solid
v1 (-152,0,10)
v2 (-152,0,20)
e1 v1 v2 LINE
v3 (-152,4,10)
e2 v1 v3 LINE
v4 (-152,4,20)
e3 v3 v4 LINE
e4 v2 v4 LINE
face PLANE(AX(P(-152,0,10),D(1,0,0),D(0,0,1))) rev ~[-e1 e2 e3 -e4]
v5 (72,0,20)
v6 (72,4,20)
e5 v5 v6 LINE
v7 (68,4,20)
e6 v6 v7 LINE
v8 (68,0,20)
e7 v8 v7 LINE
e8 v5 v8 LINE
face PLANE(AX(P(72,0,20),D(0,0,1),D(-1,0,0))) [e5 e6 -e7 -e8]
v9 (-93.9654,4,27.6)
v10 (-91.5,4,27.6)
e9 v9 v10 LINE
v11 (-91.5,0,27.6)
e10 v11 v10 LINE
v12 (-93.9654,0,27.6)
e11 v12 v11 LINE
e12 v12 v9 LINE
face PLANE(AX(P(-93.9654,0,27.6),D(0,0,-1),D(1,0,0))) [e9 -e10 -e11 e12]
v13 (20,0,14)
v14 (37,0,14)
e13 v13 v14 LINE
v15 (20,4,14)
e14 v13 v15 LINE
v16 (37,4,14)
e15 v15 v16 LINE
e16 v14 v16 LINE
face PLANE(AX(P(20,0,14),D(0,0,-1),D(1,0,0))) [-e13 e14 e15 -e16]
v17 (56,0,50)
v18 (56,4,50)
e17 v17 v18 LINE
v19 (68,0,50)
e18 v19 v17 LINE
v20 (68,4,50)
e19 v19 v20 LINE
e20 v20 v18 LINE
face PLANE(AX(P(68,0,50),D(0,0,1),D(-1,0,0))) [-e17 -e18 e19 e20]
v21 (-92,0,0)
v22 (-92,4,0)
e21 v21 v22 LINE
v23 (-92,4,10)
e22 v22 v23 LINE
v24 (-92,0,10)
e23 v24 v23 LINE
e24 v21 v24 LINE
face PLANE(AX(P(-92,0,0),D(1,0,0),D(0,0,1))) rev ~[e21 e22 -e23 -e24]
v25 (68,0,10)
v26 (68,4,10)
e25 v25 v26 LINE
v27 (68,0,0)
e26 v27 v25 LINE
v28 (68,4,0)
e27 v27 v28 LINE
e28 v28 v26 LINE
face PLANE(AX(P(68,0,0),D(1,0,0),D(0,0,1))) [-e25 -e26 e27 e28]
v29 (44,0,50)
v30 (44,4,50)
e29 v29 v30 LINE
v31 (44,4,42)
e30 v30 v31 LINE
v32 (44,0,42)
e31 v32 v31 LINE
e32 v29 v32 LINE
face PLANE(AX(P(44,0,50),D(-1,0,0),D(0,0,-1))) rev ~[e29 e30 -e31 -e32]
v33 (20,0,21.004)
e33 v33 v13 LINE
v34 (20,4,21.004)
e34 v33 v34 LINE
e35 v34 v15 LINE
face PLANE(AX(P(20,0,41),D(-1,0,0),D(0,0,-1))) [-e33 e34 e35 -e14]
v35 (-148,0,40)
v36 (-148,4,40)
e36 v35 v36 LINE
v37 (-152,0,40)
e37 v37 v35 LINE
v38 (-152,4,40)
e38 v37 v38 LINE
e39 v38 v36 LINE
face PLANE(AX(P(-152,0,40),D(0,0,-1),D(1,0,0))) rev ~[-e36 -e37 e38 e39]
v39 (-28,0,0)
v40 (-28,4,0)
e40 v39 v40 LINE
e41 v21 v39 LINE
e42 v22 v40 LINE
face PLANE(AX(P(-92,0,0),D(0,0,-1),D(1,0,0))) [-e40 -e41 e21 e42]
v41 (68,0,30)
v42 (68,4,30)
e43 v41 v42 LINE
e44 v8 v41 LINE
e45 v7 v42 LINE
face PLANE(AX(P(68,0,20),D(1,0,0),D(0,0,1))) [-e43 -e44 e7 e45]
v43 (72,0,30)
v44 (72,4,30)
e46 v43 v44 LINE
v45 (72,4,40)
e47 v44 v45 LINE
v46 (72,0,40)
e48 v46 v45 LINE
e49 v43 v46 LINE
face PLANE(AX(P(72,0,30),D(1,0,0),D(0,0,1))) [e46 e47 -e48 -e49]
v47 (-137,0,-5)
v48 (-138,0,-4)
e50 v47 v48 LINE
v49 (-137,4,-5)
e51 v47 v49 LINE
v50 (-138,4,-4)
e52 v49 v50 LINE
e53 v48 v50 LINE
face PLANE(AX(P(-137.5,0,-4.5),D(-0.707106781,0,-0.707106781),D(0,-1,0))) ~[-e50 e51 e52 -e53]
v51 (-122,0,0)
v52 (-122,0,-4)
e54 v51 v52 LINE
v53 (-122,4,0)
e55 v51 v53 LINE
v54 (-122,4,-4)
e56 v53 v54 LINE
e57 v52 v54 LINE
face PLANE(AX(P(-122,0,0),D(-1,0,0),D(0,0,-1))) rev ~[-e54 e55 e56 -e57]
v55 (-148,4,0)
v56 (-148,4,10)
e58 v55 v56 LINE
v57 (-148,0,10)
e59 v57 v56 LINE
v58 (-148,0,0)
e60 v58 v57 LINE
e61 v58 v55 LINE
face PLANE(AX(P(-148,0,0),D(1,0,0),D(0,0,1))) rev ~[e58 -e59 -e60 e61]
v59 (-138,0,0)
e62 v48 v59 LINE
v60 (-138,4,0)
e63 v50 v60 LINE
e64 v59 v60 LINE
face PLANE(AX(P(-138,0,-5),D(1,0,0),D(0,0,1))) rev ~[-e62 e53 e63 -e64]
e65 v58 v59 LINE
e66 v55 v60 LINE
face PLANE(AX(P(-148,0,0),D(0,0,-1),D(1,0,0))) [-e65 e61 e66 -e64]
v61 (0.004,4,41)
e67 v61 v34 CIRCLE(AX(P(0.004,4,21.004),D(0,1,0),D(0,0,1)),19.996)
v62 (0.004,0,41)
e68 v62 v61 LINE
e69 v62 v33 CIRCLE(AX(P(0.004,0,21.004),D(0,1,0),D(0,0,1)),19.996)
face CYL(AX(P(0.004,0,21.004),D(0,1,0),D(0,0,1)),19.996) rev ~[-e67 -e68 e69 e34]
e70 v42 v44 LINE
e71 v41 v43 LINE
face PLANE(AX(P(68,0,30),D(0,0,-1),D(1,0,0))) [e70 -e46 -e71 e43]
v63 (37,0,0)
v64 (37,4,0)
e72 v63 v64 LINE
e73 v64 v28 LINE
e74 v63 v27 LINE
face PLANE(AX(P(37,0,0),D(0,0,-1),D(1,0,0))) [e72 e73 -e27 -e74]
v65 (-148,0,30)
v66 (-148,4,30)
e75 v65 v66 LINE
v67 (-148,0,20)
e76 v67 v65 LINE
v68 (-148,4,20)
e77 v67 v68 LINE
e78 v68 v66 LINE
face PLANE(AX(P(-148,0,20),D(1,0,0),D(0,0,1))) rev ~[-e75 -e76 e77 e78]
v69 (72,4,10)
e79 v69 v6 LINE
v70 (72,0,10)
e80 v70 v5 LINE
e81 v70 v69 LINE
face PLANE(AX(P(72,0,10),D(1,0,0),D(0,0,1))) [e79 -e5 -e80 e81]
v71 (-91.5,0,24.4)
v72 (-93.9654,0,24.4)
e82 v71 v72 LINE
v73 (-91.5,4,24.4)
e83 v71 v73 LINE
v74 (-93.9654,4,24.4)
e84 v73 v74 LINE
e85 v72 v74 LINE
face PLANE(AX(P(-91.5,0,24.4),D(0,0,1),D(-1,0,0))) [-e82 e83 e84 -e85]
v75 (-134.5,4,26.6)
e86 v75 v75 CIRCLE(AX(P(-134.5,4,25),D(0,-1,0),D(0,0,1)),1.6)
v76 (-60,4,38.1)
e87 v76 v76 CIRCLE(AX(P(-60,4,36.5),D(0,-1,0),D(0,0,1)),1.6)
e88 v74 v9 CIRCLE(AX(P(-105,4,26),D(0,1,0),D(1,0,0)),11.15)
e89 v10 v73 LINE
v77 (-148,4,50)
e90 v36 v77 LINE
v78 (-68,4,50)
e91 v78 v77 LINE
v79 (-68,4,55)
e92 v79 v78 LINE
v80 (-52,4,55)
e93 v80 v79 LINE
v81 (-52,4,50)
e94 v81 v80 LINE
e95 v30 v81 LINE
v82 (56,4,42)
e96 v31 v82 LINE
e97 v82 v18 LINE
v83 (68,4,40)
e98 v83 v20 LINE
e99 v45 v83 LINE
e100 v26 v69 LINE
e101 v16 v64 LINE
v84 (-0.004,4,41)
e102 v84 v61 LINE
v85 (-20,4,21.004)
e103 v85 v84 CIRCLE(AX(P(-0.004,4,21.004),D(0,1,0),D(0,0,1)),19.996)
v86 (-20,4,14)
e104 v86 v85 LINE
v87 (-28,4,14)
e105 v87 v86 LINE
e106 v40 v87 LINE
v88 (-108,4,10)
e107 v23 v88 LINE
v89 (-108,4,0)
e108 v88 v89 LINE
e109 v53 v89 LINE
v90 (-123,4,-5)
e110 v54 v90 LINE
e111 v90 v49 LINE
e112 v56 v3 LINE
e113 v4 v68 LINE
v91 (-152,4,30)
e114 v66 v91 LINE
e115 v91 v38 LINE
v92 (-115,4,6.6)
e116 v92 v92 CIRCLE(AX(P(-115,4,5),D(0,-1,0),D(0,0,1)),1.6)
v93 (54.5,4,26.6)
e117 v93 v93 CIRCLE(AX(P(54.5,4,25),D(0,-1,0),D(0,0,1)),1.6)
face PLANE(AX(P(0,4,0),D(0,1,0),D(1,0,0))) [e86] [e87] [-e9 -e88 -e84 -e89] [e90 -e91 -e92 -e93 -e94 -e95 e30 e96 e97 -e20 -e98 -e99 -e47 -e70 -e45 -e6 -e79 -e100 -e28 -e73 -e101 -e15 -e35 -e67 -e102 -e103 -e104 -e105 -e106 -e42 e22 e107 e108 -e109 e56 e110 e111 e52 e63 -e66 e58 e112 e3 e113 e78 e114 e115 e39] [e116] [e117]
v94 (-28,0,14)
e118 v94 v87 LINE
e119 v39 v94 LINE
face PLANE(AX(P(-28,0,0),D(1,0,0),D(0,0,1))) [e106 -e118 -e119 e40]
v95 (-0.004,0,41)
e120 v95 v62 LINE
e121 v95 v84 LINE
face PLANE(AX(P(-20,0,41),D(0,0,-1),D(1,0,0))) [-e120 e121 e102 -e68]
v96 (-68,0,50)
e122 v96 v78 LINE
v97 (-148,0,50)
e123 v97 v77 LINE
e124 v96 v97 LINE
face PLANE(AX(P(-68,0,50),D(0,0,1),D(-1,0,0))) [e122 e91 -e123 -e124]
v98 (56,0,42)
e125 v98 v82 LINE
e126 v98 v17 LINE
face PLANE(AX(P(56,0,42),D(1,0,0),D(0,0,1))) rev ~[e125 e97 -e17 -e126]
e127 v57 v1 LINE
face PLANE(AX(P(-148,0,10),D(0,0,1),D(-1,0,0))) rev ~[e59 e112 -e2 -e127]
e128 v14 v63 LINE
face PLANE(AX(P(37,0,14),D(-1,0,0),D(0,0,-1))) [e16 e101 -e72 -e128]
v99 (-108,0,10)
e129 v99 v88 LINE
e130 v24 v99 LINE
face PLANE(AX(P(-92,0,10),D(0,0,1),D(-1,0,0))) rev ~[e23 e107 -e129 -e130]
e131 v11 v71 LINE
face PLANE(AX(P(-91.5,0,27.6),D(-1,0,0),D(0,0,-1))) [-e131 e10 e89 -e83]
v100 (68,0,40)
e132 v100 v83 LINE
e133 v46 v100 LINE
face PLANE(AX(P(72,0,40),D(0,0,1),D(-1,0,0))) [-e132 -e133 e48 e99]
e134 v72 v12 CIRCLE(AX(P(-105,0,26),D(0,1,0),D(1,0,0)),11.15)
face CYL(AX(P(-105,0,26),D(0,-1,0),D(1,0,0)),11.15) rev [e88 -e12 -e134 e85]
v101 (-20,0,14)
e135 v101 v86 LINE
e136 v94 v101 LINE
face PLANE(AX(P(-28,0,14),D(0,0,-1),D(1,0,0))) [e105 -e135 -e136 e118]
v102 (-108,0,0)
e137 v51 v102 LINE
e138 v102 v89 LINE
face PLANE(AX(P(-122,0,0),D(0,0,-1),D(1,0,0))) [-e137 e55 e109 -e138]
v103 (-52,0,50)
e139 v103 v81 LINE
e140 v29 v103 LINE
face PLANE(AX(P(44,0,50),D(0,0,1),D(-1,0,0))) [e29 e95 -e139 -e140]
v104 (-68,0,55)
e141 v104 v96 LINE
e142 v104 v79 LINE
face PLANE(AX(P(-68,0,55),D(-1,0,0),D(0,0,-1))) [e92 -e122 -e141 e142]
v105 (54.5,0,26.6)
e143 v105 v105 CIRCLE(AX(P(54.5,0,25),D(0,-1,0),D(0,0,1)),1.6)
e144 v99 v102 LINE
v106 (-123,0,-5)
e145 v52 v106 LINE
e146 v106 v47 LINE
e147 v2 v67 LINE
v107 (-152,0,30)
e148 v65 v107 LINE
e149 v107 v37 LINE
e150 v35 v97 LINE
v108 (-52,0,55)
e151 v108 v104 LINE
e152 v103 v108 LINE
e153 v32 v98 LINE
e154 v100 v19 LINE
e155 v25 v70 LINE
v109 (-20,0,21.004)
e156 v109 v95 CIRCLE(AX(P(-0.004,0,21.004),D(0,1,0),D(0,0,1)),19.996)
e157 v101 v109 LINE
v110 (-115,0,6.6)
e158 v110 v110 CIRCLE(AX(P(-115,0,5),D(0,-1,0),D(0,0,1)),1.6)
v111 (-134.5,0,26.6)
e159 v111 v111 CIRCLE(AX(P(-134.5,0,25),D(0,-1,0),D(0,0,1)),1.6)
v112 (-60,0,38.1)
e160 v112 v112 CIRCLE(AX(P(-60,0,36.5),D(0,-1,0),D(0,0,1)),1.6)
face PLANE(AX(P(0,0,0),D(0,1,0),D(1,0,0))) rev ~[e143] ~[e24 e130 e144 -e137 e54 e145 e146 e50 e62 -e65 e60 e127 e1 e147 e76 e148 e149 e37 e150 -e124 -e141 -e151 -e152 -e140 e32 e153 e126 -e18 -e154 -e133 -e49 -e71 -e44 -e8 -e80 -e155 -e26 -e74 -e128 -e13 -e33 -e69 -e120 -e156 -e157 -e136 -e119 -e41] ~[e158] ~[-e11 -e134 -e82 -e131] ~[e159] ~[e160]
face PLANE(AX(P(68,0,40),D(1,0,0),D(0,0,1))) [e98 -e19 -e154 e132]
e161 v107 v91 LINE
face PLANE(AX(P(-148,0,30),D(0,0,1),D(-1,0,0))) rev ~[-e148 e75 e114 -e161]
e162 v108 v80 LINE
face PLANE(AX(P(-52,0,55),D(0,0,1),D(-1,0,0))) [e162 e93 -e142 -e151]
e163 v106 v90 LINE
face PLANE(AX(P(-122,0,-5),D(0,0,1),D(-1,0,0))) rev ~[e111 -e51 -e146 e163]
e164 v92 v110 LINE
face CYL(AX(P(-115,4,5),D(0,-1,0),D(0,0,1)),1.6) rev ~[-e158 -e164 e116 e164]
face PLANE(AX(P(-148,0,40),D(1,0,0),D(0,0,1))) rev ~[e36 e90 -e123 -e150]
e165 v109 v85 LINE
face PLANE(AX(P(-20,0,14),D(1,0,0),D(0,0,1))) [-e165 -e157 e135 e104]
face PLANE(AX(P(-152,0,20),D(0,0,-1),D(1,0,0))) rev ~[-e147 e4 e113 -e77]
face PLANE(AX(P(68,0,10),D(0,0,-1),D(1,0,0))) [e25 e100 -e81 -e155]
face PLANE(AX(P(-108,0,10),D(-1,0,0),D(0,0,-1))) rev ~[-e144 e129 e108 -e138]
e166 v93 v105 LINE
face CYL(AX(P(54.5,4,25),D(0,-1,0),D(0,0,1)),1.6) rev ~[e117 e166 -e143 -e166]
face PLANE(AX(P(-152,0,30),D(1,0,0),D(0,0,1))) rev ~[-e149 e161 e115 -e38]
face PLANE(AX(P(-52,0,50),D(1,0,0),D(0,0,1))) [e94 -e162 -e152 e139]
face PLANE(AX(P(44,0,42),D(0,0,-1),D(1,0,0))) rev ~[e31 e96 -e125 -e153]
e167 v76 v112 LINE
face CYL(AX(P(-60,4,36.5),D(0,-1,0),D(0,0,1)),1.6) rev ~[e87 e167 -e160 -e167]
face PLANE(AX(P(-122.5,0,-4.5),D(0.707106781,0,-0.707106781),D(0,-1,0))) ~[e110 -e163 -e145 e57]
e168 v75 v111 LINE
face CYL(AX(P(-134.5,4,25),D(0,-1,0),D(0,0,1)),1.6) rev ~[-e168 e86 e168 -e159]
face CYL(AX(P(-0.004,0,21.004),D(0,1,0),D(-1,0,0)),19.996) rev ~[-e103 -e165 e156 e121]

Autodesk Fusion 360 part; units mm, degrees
sketch "スケッチ1" plane through (0, 0, 0) normal (0, 1, 0) x (1, 0, 0)
  line L0 (-20, -14) -> (-20, -41)
  line L1 (-20, -41) -> (20, -41)
  line L2 (20, -41) -> (20, -14)
  line L3 (20, -14) -> (37, -14)
  line L4 (37, -14) -> (37, 0)
  line L5 (37, 0) -> (68, 0)
  line L6 (68, 0) -> (68, -10)
  line L7 (68, -10) -> (72, -10)
  line L8 (72, -10) -> (72, -20)
  line L9 (72, -20) -> (68, -20)
  line L10 (68, -20) -> (68, -30)
  line L11 (68, -30) -> (72, -30)
  line L12 (72, -30) -> (72, -40)
  line L13 (72, -40) -> (68, -40)
  line L14 (68, -40) -> (68, -50)
  line L15 (68, -50) -> (-148, -50)
  line L16 (-148, 0) -> (-28, 0)
  line L17 (-148, 0) -> (-148, -10)
  line L18 (-148, -10) -> (-152, -10)
  line L19 (-152, -10) -> (-152, -20)
  line L20 (-152, -20) -> (-148, -20)
  line L21 (-148, -20) -> (-148, -30)
  line L22 (-148, -30) -> (-152, -30)
  line L23 (-152, -30) -> (-152, -40)
  line L24 (-152, -40) -> (-148, -40)
  line L25 (-148, -40) -> (-148, -50)
  line L26 (-108, 0) -> (-92, 0)
  line L27 (-92, 0) -> (-92, -10)
  line L28 (-92, -10) -> (-108, -10)
  line L29 (-108, -10) -> (-108, 0)
  line L30 (-68, -50) -> (-52, -50)
  line L31 (-52, -50) -> (-52, -55)
  line L32 (-52, -55) -> (-68, -55)
  line L33 (-68, -55) -> (-68, -50)
  line L34 (-138, 0) -> (-122, 0)
  line L35 (-122, 0) -> (-122, 5)
  line L36 (-122, 5) -> (-138, 5)
  line L37 (-138, 5) -> (-138, 0)
  circle A0 centre (-105, -26) radius 11.15
  line L38 (-93.9654, -24.4) -> (-93.9654, -27.6)
  line L39 (-93.9654, -27.6) -> (-91.5, -27.6)
  line L40 (-91.5, -27.6) -> (-91.5, -24.4)
  line L41 (-91.5, -24.4) -> (-93.9654, -24.4)
  line L42 (56, -50) -> (44, -50)
  line L43 (44, -50) -> (44, -42)
  line L44 (44, -42) -> (56, -42)
  line L45 (56, -42) -> (56, -50)
  line L46 (-28, 0) -> (-28, -14)
  line L47 (-28, -14) -> (-20, -14)
  point P0 (-100, 0)
  point P1 (-130, 0)
  point P2 (-60, -50)
  dimension "d8" = 20
  dimension "d9" = 20
  dimension "d10" = 14
  dimension "d11" = 68
  dimension "d12" = 4
  dimension "d13" = 10
  dimension "d14" = 10
  dimension "d15" = 10
  dimension "d16" = 10
  dimension "d17" = 10
  dimension "d19" = 17
  dimension "d34" = 4
  dimension "d37" = 216
  dimension "d40" = 100
  dimension "d41" = 10
  dimension "d42" = 16
  dimension "d43" = 5
  dimension "d44" = 16
  dimension "d45" = 60
  dimension "d46" = 130
  dimension "d49" = 22.3
  dimension "d51" = 3.2
  dimension "d52" = 105
  dimension "d53" = 26
  dimension "d54" = 13.5
  dimension "d56" = 12
  dimension "d57" = 8
  dimension "d58" = 12
  dimension "d59" = 41
  dimension "d60" = 8
extrude "押し出し1" add sketch "スケッチ1" along normal blind 4 contours L0 L1 L2 L3 L4 L5 L6 L7 L8 L9 L10 L11 L12 L13 L14 L15 L16 L17 L18 L19 L20 L21 L22 L23 L24 L25 L27 L28 L29 L30 L34 L43 L44 L45 L46 L47 | L16 L34 L35 L36 L37 | L15 L30 L31 L32 L33
sketch "スケッチ2" plane through (0, 4, 0) normal (0, 1, 0) x (-1, 0, 0)
  line L0 (-56, 50) -> (-68, 50)
  line L1 (-68, 50) -> (-68, 40)
  line L2 (-68, 40) -> (-72, 40)
  line L3 (-72, 40) -> (-72, 30)
  line L4 (-72, 30) -> (-68, 30)
  line L5 (-68, 30) -> (-68, 20)
  line L6 (-68, 20) -> (-72, 20)
  line L7 (-72, 20) -> (-72, 10)
  line L8 (-72, 10) -> (-68, 10)
  line L9 (-68, 10) -> (-68, 0)
  line L10 (-68, 0) -> (-37, 0)
  line L11 (-37, 0) -> (-37, 14)
  line L12 (-37, 14) -> (-20, 14)
  line L13 (-20, 14) -> (-20, 41)
  line L14 (-20, 41) -> (20, 41)
  line L15 (20, 41) -> (20, 14)
  line L16 (28, 0) -> (92, 0)
  line L17 (-54.5, 25) -> (-68, 25)
  line L18 (60, 36.5) -> (115, 5)
  line L19 (148, 0) -> (148, 10)
  line L20 (148, 10) -> (152, 10)
  line L21 (152, 10) -> (152, 20)
  line L22 (152, 20) -> (148, 20)
  line L23 (148, 20) -> (148, 30)
  line L24 (148, 30) -> (152, 30)
  line L25 (152, 30) -> (152, 40)
  line L26 (152, 40) -> (148, 40)
  line L27 (148, 40) -> (148, 50)
  line L28 (148, 25) -> (134.5, 25)
  line L29 (92, 0) -> (92, 10)
  line L30 (92, 10) -> (108, 10)
  line L31 (108, 10) -> (108, 0)
  line L32 (122, 0) -> (122, -5)
  line L33 (122, -5) -> (138, -5)
  line L34 (138, -5) -> (138, 0)
  line L35 (68, 50) -> (68, 55)
  line L36 (68, 55) -> (52, 55)
  line L37 (52, 55) -> (52, 50)
  line L38 (52, 50) -> (-44, 50)
  line L39 (108, 0) -> (122, 0)
  line L40 (93.9654, 24.4) -> (91.5, 24.4)
  line L41 (91.5, 24.4) -> (91.5, 27.6)
  line L42 (91.5, 27.6) -> (93.9654, 27.6)
  arc A0 (93.9654, 24.4) -> (93.9654, 27.6) centre (105, 26) ccw
  line L43 (-44, 50) -> (-44, 42)
  line L44 (-44, 42) -> (-56, 42)
  line L45 (-56, 42) -> (-56, 50)
  line L46 (148, 50) -> (68, 50)
  line L47 (20, 14) -> (28, 14)
  line L48 (28, 14) -> (28, 0)
  line L49 (138, 0) -> (148, 0)
  dimension "d24" = 13.5
  dimension "d25" = 5
  dimension "d27" = 13.5
  dimension "d38" = 60
  dimension "d39" = 115
hole "穴1" at (-115, 4, 5) at (-60, 4, 36.5) at (54.5, 4, 25) at (-134.5, 4, 25) direction (0, -1, 0) diameter 3.2 end through all
fillet "フィレット1" radius 20 2 edges at (20, 2, 41) (-20, 2, 41)
chamfer "面取り1" distance 1 angle 45 2 edges at (-122, 2, -5) (-138, 2, -5)
